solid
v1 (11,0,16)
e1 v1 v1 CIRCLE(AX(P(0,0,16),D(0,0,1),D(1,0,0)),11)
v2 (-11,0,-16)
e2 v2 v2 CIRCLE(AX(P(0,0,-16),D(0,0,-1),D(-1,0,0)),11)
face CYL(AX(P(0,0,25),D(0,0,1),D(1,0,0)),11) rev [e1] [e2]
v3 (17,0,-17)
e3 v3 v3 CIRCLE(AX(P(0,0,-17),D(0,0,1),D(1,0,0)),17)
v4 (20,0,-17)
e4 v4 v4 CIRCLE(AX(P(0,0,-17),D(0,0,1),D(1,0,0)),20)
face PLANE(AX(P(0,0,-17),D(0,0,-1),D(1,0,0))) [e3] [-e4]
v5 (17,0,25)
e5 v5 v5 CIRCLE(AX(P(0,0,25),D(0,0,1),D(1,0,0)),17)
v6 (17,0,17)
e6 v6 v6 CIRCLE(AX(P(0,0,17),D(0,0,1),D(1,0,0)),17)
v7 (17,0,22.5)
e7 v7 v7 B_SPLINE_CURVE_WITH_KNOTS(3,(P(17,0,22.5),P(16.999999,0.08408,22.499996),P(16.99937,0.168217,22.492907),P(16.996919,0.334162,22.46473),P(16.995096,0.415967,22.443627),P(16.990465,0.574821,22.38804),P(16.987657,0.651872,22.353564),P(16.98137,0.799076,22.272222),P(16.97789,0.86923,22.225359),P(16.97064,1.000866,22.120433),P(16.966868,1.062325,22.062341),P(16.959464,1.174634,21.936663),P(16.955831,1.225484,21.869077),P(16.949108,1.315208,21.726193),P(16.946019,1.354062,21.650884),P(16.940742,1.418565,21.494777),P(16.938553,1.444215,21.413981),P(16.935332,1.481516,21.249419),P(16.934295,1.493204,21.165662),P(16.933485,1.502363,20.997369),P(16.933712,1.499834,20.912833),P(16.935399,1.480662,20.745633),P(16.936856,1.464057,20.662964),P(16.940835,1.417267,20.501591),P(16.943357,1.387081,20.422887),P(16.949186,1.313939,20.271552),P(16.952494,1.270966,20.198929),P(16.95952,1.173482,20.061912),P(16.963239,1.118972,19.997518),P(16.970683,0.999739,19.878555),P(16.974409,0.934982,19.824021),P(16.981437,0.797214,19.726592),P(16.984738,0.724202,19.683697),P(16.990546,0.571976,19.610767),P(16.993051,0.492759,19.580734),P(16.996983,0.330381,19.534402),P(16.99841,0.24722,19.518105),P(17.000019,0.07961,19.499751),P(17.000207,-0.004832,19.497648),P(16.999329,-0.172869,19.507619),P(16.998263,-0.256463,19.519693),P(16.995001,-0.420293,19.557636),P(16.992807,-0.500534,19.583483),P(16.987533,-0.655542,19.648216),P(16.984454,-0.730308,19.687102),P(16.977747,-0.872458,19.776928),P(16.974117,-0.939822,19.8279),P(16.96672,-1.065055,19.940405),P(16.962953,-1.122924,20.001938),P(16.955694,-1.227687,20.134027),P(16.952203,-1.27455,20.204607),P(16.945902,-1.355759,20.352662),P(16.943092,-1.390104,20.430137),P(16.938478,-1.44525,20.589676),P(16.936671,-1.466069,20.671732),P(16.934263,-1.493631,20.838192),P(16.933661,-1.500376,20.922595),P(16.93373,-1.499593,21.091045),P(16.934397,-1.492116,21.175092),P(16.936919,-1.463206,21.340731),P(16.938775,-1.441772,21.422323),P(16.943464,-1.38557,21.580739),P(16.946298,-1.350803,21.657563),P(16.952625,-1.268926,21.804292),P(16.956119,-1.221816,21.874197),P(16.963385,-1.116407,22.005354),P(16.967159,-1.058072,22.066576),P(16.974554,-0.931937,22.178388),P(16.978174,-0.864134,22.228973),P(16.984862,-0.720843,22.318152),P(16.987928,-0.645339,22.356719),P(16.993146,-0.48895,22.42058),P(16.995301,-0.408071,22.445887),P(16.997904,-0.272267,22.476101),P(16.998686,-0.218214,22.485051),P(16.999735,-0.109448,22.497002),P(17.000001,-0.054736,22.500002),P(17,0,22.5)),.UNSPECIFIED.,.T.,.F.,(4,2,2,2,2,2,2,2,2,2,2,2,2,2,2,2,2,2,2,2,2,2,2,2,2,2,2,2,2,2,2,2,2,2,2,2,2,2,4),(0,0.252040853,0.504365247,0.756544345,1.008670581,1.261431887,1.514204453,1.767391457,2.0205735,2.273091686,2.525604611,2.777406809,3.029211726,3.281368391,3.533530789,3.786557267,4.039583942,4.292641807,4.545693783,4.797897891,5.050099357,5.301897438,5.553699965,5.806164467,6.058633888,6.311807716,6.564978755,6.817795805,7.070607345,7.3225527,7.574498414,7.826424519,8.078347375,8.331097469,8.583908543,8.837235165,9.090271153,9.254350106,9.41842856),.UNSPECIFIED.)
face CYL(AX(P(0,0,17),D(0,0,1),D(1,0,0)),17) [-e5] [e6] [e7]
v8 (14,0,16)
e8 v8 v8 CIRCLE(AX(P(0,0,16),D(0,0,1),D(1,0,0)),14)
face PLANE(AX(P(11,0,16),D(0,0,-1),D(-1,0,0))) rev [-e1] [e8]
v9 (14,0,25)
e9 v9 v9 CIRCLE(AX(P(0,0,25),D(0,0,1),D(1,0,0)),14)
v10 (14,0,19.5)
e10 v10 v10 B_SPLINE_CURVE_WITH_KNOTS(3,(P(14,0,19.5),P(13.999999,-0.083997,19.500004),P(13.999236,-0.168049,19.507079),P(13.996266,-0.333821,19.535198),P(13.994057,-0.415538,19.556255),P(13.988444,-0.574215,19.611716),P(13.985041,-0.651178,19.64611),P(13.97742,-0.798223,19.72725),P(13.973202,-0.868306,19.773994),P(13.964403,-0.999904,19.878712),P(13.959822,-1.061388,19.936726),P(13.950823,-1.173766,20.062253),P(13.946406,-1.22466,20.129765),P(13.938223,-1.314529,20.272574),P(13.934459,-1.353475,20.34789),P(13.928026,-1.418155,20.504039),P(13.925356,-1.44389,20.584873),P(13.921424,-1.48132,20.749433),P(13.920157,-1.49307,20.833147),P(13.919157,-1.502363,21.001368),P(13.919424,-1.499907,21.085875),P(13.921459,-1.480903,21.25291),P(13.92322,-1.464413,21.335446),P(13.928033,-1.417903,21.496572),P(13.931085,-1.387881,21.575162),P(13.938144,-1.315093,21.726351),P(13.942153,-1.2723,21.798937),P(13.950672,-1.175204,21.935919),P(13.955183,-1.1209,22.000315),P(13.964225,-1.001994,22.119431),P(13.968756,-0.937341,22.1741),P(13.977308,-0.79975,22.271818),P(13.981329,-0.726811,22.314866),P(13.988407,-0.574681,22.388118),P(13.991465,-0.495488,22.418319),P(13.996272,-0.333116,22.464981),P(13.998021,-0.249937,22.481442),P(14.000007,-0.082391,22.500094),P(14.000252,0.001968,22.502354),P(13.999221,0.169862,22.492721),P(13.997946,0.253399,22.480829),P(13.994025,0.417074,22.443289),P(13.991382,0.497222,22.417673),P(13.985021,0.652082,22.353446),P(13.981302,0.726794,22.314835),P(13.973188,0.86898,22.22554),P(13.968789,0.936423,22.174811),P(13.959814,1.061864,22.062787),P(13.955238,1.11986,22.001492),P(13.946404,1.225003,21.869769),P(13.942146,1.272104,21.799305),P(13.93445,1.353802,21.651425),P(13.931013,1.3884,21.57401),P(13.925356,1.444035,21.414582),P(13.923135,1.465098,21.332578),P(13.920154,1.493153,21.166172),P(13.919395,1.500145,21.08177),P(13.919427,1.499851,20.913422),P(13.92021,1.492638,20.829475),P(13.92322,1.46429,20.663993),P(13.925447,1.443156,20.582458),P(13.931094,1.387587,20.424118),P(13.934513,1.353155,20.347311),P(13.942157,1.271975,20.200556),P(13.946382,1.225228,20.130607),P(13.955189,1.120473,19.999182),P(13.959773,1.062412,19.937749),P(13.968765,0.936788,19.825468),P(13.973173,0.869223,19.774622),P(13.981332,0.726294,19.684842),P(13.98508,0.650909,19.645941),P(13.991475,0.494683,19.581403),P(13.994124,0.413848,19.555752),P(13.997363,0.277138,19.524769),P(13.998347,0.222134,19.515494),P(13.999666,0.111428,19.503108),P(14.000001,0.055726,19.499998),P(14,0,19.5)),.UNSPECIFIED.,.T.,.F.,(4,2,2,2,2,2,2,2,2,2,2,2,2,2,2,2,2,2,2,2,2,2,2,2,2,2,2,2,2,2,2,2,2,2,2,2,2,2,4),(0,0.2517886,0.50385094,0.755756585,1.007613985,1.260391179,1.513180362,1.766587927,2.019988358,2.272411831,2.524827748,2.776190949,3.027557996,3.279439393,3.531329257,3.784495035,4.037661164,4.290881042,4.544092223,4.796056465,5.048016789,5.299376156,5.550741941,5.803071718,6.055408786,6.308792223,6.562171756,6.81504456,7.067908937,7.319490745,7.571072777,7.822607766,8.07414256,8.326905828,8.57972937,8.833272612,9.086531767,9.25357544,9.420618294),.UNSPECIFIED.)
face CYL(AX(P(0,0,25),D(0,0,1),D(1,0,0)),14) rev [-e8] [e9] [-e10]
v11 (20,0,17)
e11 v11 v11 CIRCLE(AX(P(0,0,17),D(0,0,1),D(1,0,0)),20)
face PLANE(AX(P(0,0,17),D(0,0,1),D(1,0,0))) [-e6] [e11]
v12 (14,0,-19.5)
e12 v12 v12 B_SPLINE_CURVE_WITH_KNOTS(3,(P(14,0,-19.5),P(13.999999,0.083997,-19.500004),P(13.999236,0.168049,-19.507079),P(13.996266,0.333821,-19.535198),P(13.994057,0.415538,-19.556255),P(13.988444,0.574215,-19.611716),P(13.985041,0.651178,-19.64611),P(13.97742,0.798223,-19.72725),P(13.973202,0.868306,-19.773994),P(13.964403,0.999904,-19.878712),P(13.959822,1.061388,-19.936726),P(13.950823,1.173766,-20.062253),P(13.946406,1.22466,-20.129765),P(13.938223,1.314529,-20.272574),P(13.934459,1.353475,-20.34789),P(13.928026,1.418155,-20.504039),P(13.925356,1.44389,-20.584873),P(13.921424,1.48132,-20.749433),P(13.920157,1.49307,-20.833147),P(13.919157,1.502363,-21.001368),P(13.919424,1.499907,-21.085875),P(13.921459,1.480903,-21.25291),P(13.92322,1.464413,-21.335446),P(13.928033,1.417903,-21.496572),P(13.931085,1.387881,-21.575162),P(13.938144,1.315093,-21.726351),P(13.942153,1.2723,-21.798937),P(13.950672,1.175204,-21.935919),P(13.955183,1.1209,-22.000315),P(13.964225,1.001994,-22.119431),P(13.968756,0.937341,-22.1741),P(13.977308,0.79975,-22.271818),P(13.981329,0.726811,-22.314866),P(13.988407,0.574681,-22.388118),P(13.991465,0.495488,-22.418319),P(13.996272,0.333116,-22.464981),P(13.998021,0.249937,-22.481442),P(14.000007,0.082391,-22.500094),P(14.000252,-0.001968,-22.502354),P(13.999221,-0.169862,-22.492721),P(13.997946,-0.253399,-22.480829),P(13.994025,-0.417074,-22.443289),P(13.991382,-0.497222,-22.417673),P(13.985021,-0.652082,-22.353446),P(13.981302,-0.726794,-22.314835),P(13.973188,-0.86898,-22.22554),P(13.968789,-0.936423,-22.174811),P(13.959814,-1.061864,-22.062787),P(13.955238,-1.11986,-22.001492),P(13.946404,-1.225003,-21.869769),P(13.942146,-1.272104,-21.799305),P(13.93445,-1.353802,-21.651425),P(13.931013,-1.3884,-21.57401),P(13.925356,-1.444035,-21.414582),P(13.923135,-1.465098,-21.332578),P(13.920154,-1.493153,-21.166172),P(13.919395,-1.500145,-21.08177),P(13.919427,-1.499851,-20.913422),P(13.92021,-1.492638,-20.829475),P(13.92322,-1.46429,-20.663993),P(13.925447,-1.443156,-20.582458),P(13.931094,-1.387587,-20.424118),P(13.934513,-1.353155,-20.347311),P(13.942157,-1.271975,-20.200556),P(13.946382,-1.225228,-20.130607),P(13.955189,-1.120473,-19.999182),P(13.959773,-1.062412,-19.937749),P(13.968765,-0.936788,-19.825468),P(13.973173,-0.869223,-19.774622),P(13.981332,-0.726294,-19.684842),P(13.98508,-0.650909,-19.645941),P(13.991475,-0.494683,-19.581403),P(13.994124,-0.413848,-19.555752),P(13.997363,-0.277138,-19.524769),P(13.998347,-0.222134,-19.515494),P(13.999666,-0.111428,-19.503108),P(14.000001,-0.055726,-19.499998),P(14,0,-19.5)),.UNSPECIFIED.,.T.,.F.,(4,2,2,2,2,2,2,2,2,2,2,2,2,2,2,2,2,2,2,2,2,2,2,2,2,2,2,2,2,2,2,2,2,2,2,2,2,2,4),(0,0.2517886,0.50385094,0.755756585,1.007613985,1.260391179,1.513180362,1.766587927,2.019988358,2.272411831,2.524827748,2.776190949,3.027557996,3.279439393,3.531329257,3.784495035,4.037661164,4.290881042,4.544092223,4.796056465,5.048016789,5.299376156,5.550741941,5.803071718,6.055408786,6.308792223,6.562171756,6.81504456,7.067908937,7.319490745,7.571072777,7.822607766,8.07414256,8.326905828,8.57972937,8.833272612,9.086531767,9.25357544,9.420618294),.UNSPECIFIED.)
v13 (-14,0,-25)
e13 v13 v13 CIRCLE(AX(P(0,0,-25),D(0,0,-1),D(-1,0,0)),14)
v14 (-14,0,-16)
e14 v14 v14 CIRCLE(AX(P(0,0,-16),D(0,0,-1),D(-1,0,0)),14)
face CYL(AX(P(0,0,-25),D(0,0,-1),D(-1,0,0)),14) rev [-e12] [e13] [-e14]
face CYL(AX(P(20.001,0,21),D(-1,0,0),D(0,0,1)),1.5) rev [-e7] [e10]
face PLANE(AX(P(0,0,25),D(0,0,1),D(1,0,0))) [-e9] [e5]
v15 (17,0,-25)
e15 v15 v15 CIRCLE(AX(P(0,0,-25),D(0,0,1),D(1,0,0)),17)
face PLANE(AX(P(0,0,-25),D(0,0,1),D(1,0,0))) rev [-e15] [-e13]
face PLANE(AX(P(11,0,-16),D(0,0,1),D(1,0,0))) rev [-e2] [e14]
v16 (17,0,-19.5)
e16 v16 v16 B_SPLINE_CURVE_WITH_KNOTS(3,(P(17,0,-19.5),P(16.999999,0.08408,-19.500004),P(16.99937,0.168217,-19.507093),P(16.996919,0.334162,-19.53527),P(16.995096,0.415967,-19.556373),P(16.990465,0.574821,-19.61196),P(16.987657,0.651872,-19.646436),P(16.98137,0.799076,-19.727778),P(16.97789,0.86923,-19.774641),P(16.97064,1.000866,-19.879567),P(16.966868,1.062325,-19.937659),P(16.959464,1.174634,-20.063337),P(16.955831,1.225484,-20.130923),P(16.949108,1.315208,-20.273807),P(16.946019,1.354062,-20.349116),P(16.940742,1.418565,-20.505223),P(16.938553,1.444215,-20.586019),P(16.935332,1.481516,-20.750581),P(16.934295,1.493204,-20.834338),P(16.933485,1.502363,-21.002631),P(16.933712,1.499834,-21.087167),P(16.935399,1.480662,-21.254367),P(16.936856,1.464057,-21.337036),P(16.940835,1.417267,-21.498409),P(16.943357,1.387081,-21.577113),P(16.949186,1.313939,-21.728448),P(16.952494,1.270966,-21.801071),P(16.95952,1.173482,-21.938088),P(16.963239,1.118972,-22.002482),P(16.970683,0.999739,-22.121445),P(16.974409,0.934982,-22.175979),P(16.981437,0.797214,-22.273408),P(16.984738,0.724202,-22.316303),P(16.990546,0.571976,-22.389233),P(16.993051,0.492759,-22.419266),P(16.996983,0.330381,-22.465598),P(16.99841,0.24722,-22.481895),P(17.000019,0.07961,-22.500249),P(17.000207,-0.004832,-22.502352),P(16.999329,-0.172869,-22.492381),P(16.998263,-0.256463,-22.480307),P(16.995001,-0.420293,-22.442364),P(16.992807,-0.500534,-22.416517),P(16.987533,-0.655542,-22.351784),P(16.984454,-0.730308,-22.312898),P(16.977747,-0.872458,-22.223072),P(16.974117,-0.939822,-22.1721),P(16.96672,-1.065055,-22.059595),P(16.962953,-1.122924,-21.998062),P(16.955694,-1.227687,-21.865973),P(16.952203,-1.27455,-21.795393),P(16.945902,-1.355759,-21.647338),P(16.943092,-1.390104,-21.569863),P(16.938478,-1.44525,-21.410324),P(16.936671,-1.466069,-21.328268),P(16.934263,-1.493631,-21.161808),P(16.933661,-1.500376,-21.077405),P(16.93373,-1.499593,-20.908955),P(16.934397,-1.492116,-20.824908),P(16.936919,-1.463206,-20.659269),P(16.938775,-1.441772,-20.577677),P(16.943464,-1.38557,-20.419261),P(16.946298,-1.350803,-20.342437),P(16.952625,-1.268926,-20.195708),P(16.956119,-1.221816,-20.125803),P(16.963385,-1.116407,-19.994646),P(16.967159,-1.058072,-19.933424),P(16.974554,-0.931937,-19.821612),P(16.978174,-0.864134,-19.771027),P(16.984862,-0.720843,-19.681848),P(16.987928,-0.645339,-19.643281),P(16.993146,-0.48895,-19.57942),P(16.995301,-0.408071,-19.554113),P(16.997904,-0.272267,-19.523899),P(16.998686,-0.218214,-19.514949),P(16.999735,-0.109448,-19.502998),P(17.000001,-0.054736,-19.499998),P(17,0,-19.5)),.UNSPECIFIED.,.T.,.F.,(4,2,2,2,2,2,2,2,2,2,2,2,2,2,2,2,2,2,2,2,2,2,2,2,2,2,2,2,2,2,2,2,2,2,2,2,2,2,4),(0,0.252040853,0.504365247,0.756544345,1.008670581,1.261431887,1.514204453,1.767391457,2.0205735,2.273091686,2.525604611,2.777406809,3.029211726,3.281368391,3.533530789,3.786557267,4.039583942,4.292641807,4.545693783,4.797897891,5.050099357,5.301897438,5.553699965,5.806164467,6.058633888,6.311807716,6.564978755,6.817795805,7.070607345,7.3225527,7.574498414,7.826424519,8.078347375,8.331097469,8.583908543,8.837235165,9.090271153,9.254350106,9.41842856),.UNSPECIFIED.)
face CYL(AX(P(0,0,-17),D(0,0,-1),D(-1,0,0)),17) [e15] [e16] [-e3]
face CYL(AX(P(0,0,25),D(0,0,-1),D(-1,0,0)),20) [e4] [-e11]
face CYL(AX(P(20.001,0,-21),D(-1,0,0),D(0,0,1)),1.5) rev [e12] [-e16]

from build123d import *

# Parameters (mm, degrees)
SKETCH1_R               = 20
BOSS_EXTRUDE1_DEPTH     = 25
SKETCH4_R               = 20
SKETCH4_R_2             = 17
CUT_EXTRUDE1_DEPTH      = 8
CUT_EXTRUDE2_REACH      = 39.749
CUT_EXTRUDE2_END_RADIUS = 17
SKETCH5_R               = 1.5


with BuildPart() as part:
    # Sketch1 → Boss-Extrude1 (new, symmetric)
    with BuildSketch(Plane.XY):
        Circle(SKETCH1_R)
    extrude(amount=BOSS_EXTRUDE1_DEPTH, both=True)

    # Sketch3 → Hole1 (revolve, cut)
    with BuildSketch(Plane(origin=(0, 0, 25), x_dir=(0, -1, 0), z_dir=(1, 0, 0))):
        Polygon((0, 0), (0, 56.609466809), (11, 50), (11, 9), (14, 9), (14, 0), align=None)
    hole1 = revolve(axis=Axis((0, 0, 36.310875039), (0, 0, -1)), mode=Mode.SUBTRACT)

    # Sketch4 → Cut-Extrude1 (cut)
    with BuildSketch(Plane.XY.offset(25)):
        Circle(SKETCH4_R)
        Circle(SKETCH4_R_2, mode=Mode.SUBTRACT)
    cut_extrude1 = extrude(amount=-CUT_EXTRUDE1_DEPTH, mode=Mode.SUBTRACT)

    # Mirror2: Hole1, Cut-Extrude1 across plane
    add(hole1.mirror(Plane.XY), mode=Mode.SUBTRACT)
    add(cut_extrude1.mirror(Plane.XY), mode=Mode.SUBTRACT)

    # Cut-Extrude2: up to this cylinder (the profile starts inside it)
    cut_extrude2_end = Plane(origin=(0, 0, 0), z_dir=(0, 0, 1)) * Cylinder(CUT_EXTRUDE2_END_RADIUS, 156.498, mode=Mode.PRIVATE)
    # Sketch5 → Cut-Extrude2 (cut, up to the surface)
    with BuildSketch(Plane(origin=(0, 0, 0), x_dir=(0, 0, -1), z_dir=(1, 0, 0)), mode=Mode.PRIVATE) as cut_extrude2_sk1:
        with Locations(Location((-21, 0, 0), (0, 0, 180))):
            Circle(SKETCH5_R)
    cut_extrude2_tool1 = extrude(cut_extrude2_sk1.sketch, amount=CUT_EXTRUDE2_REACH, mode=Mode.PRIVATE) & cut_extrude2_end
    add(cut_extrude2_tool1.solids().sort_by_distance((0, 0, 21))[0], mode=Mode.SUBTRACT)
    # Sketch5 → Cut-Extrude2 (cut, up to the surface)
    with BuildSketch(Plane(origin=(0, 0, 0), x_dir=(0, 0, -1), z_dir=(1, 0, 0)), mode=Mode.PRIVATE) as cut_extrude2_sk2:
        with Locations(Location((21, 0, 0), (0, 0, 180))):
            Circle(SKETCH5_R)
    cut_extrude2_tool2 = extrude(cut_extrude2_sk2.sketch, amount=CUT_EXTRUDE2_REACH, mode=Mode.PRIVATE) & cut_extrude2_end
    add(cut_extrude2_tool2.solids().sort_by_distance((0, 0, -21))[0], mode=Mode.SUBTRACT)


solid = part.part
